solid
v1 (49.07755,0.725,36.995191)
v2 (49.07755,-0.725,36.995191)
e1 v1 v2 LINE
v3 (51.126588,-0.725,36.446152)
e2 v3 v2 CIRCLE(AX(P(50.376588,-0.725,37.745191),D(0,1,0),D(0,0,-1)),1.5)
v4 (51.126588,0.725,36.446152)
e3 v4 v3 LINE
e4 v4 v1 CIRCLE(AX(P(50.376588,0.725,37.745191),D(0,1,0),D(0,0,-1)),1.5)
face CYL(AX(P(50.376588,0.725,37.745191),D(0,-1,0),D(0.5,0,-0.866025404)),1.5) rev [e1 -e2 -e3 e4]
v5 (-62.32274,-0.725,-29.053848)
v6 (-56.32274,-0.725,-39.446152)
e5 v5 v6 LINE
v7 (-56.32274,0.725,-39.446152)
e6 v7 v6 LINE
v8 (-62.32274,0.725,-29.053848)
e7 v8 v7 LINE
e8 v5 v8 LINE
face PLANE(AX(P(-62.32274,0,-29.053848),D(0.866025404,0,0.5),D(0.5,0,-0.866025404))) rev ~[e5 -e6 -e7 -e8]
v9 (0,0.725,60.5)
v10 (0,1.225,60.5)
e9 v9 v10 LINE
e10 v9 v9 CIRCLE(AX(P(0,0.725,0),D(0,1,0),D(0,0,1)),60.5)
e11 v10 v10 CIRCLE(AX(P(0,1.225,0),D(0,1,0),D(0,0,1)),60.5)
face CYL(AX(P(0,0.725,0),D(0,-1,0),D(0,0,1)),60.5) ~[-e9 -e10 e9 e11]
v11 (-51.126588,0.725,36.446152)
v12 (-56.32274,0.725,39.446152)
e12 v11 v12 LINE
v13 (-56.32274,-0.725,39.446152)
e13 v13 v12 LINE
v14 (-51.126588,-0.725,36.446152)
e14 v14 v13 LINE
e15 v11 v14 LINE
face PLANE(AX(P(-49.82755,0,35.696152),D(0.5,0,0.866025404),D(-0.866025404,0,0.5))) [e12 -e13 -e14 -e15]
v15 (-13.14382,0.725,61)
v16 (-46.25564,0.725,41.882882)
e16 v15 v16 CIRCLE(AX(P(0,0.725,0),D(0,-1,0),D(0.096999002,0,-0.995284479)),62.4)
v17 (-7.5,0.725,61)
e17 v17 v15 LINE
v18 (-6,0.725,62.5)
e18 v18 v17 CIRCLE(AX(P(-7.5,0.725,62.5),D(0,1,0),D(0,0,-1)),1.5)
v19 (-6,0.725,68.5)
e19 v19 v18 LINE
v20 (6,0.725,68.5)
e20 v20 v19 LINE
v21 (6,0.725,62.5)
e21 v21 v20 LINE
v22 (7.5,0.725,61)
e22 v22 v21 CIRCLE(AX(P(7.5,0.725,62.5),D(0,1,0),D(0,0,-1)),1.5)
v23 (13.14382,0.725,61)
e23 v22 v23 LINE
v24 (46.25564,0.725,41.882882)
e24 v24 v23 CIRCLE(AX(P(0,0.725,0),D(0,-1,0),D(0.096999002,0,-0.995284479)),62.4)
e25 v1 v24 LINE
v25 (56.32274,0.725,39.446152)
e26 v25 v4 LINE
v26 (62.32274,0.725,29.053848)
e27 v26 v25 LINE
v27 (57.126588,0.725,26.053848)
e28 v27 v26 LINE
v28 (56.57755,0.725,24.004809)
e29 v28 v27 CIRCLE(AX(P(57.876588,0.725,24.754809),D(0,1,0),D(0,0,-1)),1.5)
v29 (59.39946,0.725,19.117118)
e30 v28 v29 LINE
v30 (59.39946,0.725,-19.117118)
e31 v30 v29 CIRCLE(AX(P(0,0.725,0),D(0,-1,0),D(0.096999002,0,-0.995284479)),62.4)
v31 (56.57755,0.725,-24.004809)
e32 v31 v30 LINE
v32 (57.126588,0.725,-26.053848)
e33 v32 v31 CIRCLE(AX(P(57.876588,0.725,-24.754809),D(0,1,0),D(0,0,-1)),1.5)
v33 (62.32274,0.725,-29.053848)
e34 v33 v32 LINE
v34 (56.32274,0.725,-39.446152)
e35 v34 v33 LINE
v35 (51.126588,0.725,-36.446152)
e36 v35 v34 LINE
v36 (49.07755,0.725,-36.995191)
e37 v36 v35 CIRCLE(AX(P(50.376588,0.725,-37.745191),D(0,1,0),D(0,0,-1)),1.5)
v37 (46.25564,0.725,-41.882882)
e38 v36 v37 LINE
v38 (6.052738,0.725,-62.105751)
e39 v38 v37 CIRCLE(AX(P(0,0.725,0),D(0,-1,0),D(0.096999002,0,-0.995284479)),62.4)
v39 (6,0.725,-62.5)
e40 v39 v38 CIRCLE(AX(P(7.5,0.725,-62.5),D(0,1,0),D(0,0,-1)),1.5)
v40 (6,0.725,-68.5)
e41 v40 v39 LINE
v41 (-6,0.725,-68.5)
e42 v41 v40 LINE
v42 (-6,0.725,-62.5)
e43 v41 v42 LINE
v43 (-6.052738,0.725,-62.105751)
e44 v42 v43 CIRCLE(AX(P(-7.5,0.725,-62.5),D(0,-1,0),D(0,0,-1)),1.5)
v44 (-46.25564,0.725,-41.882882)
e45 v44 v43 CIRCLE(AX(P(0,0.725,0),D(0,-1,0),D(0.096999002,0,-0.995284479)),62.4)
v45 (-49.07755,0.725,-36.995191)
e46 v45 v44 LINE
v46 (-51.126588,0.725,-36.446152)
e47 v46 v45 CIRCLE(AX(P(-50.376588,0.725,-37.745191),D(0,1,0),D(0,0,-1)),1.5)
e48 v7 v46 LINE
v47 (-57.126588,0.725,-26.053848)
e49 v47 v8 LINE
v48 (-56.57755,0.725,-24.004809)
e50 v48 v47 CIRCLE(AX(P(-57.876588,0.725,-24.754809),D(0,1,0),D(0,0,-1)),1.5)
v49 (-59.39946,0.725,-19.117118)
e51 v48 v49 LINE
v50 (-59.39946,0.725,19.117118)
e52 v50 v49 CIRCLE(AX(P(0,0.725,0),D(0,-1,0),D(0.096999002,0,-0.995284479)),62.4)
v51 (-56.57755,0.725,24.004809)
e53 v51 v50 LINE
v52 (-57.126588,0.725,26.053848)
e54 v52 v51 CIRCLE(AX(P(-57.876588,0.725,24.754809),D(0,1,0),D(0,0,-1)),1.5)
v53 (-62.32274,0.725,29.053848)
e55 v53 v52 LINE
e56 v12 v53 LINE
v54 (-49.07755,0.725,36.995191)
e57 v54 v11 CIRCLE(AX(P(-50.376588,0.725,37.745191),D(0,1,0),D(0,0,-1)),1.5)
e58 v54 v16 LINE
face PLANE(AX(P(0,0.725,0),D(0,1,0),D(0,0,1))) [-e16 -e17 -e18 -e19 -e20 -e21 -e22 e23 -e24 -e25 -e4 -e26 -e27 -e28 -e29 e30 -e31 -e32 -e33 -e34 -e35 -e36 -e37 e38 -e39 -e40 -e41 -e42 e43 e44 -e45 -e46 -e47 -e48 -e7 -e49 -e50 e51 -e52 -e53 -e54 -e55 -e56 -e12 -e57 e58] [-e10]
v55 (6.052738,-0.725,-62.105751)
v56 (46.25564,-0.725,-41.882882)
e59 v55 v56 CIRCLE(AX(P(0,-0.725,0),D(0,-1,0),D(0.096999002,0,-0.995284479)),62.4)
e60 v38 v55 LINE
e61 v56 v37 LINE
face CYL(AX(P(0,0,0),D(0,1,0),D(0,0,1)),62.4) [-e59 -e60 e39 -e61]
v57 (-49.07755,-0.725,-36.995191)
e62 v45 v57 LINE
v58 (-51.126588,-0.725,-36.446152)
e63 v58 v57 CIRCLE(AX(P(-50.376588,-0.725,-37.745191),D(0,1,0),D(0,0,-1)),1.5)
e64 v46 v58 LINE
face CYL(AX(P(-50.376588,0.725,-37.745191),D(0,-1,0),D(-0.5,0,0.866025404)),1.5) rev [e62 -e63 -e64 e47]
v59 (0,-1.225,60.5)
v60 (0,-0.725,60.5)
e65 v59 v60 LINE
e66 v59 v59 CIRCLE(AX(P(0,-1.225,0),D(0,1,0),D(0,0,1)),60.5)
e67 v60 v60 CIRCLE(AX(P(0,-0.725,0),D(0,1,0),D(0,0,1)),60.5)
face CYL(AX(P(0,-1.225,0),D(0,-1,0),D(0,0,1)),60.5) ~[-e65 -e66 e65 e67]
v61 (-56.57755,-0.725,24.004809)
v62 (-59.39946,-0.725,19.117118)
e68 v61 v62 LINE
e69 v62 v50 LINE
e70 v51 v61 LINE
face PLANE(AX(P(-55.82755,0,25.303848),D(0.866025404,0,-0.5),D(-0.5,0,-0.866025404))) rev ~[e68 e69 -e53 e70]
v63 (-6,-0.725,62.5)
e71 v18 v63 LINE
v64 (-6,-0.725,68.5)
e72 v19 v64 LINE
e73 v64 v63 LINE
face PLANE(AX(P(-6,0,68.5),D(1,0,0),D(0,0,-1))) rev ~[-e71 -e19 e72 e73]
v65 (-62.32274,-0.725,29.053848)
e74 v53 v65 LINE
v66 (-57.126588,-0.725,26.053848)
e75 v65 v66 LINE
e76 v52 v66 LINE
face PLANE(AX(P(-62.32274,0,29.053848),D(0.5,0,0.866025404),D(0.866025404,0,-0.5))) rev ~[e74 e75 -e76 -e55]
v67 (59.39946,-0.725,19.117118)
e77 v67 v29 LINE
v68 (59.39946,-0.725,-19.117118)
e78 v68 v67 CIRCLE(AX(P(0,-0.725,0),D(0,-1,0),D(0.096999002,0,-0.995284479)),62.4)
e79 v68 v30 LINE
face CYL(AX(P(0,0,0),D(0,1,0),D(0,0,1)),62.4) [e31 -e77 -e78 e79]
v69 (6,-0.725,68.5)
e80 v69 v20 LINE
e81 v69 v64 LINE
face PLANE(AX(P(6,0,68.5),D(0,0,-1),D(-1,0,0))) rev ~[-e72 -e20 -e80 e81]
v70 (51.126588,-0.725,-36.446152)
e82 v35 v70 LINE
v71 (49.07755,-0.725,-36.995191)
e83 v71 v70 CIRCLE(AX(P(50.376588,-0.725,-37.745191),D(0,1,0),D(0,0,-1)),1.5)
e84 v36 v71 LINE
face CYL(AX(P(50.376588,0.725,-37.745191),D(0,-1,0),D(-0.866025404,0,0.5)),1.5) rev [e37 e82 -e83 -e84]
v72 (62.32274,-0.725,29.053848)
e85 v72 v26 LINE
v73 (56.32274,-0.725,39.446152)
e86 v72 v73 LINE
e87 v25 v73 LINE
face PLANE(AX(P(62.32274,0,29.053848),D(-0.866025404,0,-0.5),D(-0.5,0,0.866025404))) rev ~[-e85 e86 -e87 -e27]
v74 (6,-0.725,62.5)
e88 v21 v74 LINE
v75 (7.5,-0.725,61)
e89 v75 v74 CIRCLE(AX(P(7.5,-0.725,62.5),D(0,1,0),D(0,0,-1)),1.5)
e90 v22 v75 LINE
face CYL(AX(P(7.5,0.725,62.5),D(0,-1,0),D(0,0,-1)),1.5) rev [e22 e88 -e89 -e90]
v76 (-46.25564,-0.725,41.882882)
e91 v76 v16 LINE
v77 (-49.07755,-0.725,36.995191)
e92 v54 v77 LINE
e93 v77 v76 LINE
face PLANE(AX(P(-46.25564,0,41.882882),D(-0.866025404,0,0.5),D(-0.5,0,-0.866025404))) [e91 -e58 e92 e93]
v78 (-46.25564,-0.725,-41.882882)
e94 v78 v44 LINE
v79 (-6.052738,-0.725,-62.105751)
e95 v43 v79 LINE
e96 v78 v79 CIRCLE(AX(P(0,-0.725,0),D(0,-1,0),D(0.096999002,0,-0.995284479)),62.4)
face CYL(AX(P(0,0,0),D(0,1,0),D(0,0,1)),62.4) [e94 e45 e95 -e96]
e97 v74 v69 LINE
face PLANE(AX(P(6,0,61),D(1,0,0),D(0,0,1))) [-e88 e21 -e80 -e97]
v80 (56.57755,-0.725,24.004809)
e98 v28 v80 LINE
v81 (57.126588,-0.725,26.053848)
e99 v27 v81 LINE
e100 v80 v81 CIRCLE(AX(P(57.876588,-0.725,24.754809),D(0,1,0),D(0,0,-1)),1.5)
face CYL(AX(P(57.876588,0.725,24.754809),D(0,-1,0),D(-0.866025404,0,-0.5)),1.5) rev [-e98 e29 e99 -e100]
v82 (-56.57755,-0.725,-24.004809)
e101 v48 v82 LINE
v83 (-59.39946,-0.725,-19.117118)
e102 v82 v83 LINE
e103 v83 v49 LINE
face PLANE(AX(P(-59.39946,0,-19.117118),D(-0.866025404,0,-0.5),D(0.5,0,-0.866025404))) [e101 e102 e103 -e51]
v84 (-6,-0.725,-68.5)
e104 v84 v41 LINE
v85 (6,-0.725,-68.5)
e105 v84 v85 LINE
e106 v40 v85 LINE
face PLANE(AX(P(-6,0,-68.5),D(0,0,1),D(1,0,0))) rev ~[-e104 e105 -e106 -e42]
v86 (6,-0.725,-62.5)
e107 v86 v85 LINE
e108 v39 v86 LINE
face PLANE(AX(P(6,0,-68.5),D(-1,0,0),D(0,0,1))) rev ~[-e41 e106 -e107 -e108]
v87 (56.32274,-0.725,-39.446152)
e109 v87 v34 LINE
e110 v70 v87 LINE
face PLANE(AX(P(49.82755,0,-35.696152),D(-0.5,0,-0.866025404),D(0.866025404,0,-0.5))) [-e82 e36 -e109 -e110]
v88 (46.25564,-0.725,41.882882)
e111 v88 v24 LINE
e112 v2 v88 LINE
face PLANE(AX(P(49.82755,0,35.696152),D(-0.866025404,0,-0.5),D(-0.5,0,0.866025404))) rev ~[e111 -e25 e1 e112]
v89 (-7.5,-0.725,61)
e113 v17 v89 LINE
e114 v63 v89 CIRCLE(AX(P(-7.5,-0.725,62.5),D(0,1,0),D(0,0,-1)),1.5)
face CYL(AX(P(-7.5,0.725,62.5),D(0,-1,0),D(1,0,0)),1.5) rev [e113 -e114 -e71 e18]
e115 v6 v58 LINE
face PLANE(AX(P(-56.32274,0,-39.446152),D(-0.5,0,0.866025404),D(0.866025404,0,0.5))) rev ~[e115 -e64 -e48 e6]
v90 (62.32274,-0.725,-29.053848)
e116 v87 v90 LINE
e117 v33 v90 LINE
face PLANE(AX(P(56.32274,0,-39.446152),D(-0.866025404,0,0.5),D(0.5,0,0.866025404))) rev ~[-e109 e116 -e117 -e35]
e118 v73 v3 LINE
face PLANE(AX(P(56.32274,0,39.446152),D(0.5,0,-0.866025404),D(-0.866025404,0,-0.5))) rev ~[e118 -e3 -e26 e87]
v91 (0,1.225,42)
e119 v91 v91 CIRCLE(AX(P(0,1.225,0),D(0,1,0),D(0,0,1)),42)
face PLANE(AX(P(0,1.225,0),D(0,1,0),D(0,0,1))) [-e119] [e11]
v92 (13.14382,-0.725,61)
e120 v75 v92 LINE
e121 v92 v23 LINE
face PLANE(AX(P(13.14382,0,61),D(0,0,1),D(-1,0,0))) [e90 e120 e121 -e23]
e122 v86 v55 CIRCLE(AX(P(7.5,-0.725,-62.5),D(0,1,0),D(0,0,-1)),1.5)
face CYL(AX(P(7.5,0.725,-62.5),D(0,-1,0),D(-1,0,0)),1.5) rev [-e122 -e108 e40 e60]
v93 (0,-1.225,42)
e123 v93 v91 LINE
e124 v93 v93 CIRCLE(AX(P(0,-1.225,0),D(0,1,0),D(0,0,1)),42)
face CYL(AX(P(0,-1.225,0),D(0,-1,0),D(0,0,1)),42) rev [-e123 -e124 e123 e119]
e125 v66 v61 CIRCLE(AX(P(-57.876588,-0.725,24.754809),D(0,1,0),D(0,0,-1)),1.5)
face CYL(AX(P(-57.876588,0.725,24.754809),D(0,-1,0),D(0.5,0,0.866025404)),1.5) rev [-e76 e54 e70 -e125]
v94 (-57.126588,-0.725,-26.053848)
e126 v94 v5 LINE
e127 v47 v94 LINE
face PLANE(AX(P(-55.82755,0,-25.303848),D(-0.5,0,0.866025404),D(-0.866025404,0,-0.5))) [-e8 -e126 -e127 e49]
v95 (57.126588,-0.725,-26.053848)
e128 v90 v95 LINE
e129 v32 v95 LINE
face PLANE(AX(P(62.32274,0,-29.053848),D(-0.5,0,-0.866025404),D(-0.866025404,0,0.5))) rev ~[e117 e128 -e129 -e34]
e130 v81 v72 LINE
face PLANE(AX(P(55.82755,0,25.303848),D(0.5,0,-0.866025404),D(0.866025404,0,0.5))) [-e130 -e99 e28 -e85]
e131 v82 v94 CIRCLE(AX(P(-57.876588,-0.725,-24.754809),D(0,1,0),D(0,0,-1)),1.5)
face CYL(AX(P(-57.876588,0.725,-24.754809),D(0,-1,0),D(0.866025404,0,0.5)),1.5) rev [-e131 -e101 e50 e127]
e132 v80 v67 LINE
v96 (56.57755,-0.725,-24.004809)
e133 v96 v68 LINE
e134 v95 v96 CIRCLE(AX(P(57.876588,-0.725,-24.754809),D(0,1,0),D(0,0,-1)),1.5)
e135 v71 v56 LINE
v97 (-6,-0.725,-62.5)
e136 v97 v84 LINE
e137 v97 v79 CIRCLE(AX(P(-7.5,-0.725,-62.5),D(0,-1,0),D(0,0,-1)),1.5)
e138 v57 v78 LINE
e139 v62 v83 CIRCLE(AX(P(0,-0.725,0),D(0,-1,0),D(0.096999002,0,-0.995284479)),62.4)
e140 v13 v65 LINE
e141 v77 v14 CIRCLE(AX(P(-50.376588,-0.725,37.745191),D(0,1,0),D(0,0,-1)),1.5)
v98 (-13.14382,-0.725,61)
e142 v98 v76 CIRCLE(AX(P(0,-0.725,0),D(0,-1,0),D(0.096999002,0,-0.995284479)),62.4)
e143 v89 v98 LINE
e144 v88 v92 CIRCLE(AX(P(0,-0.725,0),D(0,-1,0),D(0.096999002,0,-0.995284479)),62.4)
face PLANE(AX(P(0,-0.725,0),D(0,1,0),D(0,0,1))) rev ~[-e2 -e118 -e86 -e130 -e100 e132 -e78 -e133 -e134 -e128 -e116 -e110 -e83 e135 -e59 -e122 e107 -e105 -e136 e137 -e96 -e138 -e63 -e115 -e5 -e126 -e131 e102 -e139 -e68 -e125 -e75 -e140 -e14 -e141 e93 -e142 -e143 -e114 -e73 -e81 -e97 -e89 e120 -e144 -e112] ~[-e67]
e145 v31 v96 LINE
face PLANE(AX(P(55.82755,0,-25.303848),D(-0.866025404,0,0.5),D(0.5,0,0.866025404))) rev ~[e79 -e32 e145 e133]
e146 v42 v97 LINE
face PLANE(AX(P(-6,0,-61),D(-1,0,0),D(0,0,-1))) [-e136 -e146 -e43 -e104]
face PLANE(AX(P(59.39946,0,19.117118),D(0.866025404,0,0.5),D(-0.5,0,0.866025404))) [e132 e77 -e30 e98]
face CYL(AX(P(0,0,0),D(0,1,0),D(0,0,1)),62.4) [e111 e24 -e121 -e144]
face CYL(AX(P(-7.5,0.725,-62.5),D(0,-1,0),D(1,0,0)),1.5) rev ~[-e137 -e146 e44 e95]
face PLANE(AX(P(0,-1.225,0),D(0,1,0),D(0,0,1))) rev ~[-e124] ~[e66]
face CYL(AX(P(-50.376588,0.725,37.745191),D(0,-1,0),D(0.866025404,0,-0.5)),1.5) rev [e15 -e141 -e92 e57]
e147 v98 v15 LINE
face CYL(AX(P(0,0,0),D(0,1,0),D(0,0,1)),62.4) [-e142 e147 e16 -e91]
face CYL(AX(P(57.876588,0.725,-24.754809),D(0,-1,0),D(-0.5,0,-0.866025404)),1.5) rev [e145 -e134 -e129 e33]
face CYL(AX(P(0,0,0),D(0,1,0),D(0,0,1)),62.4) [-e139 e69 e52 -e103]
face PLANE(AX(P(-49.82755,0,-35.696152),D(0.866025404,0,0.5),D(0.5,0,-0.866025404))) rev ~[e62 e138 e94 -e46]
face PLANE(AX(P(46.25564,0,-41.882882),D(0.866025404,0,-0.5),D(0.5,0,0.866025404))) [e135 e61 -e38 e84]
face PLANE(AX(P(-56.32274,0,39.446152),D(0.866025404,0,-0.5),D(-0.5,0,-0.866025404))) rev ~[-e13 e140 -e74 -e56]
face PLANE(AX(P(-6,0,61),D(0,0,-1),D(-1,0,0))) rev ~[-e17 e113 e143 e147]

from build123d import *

# Parameters (mm, degrees)
SKETCH1_R                = 62.4
SKETCH1_R_2              = 42
BOSS_EXTRUDE1_DEPTH      = 0.725
BOSS_EXTRUDE2_DEPTH      = 0.725
CUT_EXTRUDE2_DEPTH       = 93.663561474
FILLET1_R                = 1.5
CIRPATTERN1_COUNT        = 6
FILLET1_OF_CIRPATTERN1_R = 1.5
BOSS_EXTRUDE3_START      = 0.725
SKETCH5_R                = 60.5
SKETCH5_R_2              = 42
BOSS_EXTRUDE3_DEPTH      = 0.5
BOSS_EXTRUDE5_START      = -1.225
SKETCH5_4_R              = 60.5
SKETCH5_4_R_2            = 42
BOSS_EXTRUDE5_DEPTH      = 0.5


with BuildPart() as part:
    # Sketch1 → Boss-Extrude1 (new, symmetric)
    with BuildSketch(Plane(origin=(0, 0, 0), x_dir=(1, 0, 0), z_dir=(0, 1, 0))):
        with Locations(Location((0, 0, 0), (0, 0, 270))):
            Circle(SKETCH1_R)
        with Locations(Location((0, 0, 0), (0, 0, 270))):
            Circle(SKETCH1_R_2, mode=Mode.SUBTRACT)
    boss_extrude1 = extrude(amount=BOSS_EXTRUDE1_DEPTH, both=True)

    # Sketch2 → Boss-Extrude2 (add, symmetric)
    with BuildSketch(Plane(origin=(0, 0, 0), x_dir=(1, 0, 0), z_dir=(0, 1, 0))):
        with BuildLine():
            Line((-6, 68.5), (6, 68.5))
            Line((6, 68.5), (6, 62.110868614))
            ThreePointArc((6, 62.110868614), (0, 62.4), (-6, 62.110868614))
            Line((-6, 62.110868614), (-6, 68.5))
        make_face()
    boss_extrude2 = extrude(amount=BOSS_EXTRUDE2_DEPTH, both=True)

    # Sketch4 → Cut-Extrude2 (cut, symmetric)
    with BuildSketch(Plane(origin=(0, 0, 0), x_dir=(1, 0, 0), z_dir=(0, 1, 0))):
        with BuildLine():
            ThreePointArc((-6, 62.110868614), (-9.588011618, 61.658981772), (-13.143819841, 61))
            Line((-13.143819841, 61), (-6, 61))
            Line((-6, 61), (-6, 62.110868614))
        make_face()
        with BuildLine():
            Line((6, 61), (13.143819841, 61))
            ThreePointArc((13.143819841, 61), (9.588011618, 61.658981772), (6, 62.110868614))
            Line((6, 62.110868614), (6, 61))
        make_face()
    cut_extrude2 = extrude(amount=CUT_EXTRUDE2_DEPTH, both=True, mode=Mode.SUBTRACT)

    # Fillet1
    fillet1_edges = [part.edges().sort_by_distance(p)[0] for p in [
        (-6, 0, -61),
        (6, 0, -61),
    ]]
    fillet(fillet1_edges, radius=FILLET1_R)

    # CirPattern1: Boss-Extrude1, Boss-Extrude2, Cut-Extrude2 ×6 about axis
    cirpattern1_axis = Axis((0, 0, 0), (0, 1, 0))
    add([boss_extrude1.rotate(cirpattern1_axis, i * 360 / CIRPATTERN1_COUNT) for i in range(1, CIRPATTERN1_COUNT)])
    add([boss_extrude2.rotate(cirpattern1_axis, i * 360 / CIRPATTERN1_COUNT) for i in range(1, CIRPATTERN1_COUNT)])
    add([cut_extrude2.rotate(cirpattern1_axis, i * 360 / CIRPATTERN1_COUNT) for i in range(1, CIRPATTERN1_COUNT)], mode=Mode.SUBTRACT)

    # Fillet1 of CirPattern1
    fillet1_of_cirpattern1_edges = [part.edges().sort_by_distance(p)[0] for p in [
        (-55.827549631, 0, -25.303847577),
        (-49.827549631, 0, -35.696152423),
        (-49.827549631, 0, 35.696152423),
        (-55.827549631, 0, 25.303847577),
        (6, 0, 61),
        (-6, 0, 61),
        (55.827549631, 0, 25.303847577),
        (49.827549631, 0, 35.696152423),
        (49.827549631, 0, -35.696152423),
        (55.827549631, 0, -25.303847577),
    ]]
    fillet(fillet1_of_cirpattern1_edges, radius=FILLET1_OF_CIRPATTERN1_R)

    # Sketch5 → Boss-Extrude3 (add)
    with BuildSketch(Plane(origin=(0, 0, 0), x_dir=(1, 0, 0), z_dir=(0, 1, 0)).offset(BOSS_EXTRUDE3_START)):
        with Locations(Location((0, 0, 0), (0, 0, 270))):
            Circle(SKETCH5_R)
        with Locations(Location((0, 0, 0), (0, 0, 270))):
            Circle(SKETCH5_R_2, mode=Mode.SUBTRACT)
    extrude(amount=BOSS_EXTRUDE3_DEPTH)

    # Sketch5<4> → Boss-Extrude5 (add)
    with BuildSketch(Plane(origin=(0, 0, 0), x_dir=(1, 0, 0), z_dir=(0, 1, 0)).offset(BOSS_EXTRUDE5_START)):
        with Locations(Location((0, 0, 0), (0, 0, 270))):
            Circle(SKETCH5_4_R)
        with Locations(Location((0, 0, 0), (0, 0, 270))):
            Circle(SKETCH5_4_R_2, mode=Mode.SUBTRACT)
    extrude(amount=BOSS_EXTRUDE5_DEPTH)


solid = part.part
